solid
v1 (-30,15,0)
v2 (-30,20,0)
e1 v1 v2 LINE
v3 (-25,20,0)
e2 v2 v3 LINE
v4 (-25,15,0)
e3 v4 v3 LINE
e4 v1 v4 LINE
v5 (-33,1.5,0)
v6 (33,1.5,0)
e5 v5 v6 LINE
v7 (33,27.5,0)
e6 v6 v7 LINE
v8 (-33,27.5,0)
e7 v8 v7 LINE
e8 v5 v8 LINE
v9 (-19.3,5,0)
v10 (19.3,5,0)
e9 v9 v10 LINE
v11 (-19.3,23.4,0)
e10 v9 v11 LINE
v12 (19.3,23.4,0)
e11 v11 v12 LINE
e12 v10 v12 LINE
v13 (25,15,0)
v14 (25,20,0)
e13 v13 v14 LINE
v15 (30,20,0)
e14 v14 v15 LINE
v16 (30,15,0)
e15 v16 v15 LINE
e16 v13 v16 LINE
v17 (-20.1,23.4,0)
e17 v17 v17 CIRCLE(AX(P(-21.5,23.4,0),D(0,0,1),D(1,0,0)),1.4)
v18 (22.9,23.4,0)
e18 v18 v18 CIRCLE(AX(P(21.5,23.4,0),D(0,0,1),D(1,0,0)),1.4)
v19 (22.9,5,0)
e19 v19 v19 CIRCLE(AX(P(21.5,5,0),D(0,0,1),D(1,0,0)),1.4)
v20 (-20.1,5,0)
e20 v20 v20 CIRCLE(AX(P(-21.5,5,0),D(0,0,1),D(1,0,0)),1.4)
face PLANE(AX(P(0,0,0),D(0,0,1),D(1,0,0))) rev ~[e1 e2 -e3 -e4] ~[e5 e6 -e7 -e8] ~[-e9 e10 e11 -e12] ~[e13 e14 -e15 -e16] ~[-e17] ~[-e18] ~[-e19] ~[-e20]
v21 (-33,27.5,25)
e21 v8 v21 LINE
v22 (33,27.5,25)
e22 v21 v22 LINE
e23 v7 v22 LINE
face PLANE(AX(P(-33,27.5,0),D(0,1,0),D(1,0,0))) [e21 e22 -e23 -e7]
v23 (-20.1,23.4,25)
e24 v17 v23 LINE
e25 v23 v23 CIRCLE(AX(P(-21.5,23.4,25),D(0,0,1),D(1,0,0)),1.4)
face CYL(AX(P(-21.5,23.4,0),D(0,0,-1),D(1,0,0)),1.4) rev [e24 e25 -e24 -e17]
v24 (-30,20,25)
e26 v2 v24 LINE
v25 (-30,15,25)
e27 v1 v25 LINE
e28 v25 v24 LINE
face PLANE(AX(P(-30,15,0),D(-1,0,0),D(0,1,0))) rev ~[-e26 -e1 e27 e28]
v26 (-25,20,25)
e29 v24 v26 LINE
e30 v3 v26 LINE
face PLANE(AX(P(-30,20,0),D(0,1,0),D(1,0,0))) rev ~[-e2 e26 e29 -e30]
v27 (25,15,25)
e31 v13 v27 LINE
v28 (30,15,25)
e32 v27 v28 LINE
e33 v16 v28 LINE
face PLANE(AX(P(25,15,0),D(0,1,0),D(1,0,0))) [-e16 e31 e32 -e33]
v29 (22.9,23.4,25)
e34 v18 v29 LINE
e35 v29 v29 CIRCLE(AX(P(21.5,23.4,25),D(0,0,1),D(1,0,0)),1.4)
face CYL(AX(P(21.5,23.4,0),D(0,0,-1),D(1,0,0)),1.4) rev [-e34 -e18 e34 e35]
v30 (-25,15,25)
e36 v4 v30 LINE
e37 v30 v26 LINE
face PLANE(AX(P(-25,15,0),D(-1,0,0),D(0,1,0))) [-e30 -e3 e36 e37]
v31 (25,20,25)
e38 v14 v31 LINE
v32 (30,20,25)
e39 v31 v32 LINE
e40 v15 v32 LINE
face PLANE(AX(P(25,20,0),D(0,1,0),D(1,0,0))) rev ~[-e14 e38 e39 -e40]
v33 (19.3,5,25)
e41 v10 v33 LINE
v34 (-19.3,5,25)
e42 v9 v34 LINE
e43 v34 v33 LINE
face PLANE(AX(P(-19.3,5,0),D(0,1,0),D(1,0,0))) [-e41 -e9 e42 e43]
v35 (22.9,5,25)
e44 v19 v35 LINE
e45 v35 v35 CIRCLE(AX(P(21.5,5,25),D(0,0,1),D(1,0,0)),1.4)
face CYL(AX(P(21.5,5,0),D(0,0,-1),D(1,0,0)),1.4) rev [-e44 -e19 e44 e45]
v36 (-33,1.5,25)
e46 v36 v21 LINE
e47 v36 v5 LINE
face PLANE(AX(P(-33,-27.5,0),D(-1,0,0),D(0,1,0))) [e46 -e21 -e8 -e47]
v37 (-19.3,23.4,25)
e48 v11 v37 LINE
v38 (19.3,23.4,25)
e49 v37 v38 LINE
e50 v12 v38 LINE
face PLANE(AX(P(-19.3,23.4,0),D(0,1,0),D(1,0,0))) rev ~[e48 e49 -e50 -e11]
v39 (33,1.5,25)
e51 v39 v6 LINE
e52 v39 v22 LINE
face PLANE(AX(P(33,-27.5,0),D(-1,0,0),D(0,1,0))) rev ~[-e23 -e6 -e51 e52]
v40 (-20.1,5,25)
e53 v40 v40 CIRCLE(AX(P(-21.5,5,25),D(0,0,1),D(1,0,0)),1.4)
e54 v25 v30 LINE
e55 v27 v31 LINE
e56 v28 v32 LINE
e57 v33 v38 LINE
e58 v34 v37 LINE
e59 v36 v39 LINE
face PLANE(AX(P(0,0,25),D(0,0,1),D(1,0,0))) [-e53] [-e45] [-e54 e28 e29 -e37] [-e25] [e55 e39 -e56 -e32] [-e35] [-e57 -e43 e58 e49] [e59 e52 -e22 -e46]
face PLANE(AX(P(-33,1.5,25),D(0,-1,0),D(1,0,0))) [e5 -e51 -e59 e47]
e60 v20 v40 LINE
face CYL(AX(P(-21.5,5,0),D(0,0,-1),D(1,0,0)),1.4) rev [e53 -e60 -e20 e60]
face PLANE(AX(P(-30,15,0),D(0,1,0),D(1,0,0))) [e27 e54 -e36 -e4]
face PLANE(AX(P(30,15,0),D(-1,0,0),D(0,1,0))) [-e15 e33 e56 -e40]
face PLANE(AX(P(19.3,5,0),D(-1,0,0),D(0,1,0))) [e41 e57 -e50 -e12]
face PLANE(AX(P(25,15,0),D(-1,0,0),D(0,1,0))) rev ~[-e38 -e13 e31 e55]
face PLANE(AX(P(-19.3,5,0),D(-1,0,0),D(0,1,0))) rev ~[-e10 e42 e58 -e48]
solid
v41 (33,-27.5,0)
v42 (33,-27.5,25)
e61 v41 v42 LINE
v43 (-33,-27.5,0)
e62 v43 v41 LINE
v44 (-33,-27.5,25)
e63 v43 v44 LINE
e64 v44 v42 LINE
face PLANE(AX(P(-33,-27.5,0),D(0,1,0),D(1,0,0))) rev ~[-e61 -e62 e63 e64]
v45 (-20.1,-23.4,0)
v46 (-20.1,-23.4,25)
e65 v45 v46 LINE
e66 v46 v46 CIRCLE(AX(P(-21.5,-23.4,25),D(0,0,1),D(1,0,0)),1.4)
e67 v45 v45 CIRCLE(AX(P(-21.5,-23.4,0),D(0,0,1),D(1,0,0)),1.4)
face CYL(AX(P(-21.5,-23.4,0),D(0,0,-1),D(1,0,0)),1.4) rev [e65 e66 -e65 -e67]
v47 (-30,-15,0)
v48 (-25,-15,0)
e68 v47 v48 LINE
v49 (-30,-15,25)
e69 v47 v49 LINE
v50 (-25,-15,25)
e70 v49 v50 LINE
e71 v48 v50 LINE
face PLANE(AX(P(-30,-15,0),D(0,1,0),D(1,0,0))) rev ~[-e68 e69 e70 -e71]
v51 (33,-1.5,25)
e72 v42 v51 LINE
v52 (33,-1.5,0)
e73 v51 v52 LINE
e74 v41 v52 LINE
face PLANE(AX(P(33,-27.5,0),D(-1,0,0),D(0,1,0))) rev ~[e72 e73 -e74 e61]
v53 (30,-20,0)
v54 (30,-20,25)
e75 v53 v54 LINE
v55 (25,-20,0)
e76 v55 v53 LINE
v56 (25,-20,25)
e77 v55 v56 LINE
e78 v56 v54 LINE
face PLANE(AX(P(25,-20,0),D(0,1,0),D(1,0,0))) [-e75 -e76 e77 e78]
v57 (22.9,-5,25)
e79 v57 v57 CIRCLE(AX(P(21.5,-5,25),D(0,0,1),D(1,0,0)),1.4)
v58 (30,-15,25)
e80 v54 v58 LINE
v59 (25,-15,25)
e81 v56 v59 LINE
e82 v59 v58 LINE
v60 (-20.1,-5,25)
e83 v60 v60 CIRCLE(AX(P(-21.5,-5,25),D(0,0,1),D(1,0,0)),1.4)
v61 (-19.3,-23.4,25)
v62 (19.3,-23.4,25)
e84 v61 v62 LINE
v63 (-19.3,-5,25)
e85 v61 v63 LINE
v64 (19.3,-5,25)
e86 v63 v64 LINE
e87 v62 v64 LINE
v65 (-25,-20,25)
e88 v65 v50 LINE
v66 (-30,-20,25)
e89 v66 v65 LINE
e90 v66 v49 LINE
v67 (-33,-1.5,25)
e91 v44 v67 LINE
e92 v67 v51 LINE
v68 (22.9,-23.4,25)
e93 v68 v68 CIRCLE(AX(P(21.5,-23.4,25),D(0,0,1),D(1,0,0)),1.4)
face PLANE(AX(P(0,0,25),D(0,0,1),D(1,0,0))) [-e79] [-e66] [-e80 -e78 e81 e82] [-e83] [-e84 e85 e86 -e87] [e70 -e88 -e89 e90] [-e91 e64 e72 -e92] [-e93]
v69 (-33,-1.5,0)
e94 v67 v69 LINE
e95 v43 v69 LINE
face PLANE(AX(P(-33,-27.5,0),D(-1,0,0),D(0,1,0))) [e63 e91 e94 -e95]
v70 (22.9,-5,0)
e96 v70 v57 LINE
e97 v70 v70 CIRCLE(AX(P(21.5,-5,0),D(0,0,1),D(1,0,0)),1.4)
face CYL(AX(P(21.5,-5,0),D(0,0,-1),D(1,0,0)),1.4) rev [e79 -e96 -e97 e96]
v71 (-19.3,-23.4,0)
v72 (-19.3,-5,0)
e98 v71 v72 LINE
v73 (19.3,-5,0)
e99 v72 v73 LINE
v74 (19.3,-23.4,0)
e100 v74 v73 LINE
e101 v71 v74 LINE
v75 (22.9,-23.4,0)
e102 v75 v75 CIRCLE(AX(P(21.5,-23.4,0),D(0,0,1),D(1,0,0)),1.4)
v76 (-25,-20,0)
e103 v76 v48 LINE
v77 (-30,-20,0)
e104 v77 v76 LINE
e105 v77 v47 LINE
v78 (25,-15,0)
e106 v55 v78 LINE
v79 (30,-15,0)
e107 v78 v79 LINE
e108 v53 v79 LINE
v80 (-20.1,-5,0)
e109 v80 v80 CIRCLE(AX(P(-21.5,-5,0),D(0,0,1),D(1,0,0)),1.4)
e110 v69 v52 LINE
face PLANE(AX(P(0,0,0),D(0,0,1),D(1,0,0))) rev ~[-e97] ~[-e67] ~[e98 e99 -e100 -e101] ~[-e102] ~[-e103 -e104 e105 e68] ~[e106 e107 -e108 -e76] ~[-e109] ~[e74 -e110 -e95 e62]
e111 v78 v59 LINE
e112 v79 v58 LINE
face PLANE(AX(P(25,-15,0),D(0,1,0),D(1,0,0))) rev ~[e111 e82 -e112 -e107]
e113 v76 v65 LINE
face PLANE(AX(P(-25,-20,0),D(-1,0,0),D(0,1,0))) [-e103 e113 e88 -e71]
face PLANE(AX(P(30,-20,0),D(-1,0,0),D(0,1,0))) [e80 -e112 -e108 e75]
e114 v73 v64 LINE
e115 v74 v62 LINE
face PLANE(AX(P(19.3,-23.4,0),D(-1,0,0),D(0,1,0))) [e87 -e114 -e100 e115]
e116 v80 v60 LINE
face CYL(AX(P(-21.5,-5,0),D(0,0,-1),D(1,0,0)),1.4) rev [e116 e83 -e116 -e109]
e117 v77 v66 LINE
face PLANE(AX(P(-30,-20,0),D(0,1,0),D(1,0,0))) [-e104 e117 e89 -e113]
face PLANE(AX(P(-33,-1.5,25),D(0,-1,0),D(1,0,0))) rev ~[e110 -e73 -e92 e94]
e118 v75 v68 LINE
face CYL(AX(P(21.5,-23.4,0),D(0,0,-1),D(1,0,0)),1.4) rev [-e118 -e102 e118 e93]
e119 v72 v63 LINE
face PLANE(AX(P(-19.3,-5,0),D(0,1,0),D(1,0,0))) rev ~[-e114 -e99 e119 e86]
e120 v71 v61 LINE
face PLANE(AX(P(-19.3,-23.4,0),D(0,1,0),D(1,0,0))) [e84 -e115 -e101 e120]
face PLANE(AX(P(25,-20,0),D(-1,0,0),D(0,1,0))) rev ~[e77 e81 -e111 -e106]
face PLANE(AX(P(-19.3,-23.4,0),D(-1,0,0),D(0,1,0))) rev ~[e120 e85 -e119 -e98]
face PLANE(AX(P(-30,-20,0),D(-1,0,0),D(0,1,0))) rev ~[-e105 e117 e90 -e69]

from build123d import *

# Parameters (mm, degrees)
F0_W     = 66
F0_H     = 55
F0_R     = 1.4
F0_W_2   = 5
F0_H_2   = 5
F0_W_3   = 38.6
F0_H_3   = 18.4
F1_DEPTH = 25
F2_W     = 66
F2_H     = 3
F3_DEPTH = 25


with BuildPart() as f1:
    # F0 (on Top) → F1 (new body)
    with BuildSketch(Plane.XY):
        Rectangle(F0_W, F0_H)
        with Locations((-21.5, -23.4)):
            Circle(F0_R, mode=Mode.SUBTRACT)
        with Locations((-27.5, -17.5)):
            Rectangle(F0_W_2, F0_H_2, mode=Mode.SUBTRACT)
        with Locations((-21.5, -5)):
            Circle(F0_R, mode=Mode.SUBTRACT)
        with Locations((0, -14.2)):
            Rectangle(F0_W_3, F0_H_3, mode=Mode.SUBTRACT)
        with Locations((21.5, -23.4)):
            Circle(F0_R, mode=Mode.SUBTRACT)
        with Locations((27.5, -17.5)):
            Rectangle(F0_W_2, F0_H_2, mode=Mode.SUBTRACT)
        with Locations((21.5, -5)):
            Circle(F0_R, mode=Mode.SUBTRACT)
        with Locations((-21.5, 5)):
            Circle(F0_R, mode=Mode.SUBTRACT)
        with Locations((-27.5, 17.5)):
            Rectangle(F0_W_2, F0_H_2, mode=Mode.SUBTRACT)
        with Locations((-21.5, 23.4)):
            Circle(F0_R, mode=Mode.SUBTRACT)
        with Locations((21.5, 5)):
            Circle(F0_R, mode=Mode.SUBTRACT)
        with Locations((0, 14.2)):
            Rectangle(F0_W_3, F0_H_3, mode=Mode.SUBTRACT)
        with Locations((27.5, 17.5)):
            Rectangle(F0_W_2, F0_H_2, mode=Mode.SUBTRACT)
        with Locations((21.5, 23.4)):
            Circle(F0_R, mode=Mode.SUBTRACT)
    extrude(amount=F1_DEPTH)

    # F2 (on face) → F3 (cut)
    with BuildSketch(Plane.XY.offset(25)):
        Rectangle(F2_W, F2_H)
    extrude(amount=-F3_DEPTH, mode=Mode.SUBTRACT)


solid = f1.part
